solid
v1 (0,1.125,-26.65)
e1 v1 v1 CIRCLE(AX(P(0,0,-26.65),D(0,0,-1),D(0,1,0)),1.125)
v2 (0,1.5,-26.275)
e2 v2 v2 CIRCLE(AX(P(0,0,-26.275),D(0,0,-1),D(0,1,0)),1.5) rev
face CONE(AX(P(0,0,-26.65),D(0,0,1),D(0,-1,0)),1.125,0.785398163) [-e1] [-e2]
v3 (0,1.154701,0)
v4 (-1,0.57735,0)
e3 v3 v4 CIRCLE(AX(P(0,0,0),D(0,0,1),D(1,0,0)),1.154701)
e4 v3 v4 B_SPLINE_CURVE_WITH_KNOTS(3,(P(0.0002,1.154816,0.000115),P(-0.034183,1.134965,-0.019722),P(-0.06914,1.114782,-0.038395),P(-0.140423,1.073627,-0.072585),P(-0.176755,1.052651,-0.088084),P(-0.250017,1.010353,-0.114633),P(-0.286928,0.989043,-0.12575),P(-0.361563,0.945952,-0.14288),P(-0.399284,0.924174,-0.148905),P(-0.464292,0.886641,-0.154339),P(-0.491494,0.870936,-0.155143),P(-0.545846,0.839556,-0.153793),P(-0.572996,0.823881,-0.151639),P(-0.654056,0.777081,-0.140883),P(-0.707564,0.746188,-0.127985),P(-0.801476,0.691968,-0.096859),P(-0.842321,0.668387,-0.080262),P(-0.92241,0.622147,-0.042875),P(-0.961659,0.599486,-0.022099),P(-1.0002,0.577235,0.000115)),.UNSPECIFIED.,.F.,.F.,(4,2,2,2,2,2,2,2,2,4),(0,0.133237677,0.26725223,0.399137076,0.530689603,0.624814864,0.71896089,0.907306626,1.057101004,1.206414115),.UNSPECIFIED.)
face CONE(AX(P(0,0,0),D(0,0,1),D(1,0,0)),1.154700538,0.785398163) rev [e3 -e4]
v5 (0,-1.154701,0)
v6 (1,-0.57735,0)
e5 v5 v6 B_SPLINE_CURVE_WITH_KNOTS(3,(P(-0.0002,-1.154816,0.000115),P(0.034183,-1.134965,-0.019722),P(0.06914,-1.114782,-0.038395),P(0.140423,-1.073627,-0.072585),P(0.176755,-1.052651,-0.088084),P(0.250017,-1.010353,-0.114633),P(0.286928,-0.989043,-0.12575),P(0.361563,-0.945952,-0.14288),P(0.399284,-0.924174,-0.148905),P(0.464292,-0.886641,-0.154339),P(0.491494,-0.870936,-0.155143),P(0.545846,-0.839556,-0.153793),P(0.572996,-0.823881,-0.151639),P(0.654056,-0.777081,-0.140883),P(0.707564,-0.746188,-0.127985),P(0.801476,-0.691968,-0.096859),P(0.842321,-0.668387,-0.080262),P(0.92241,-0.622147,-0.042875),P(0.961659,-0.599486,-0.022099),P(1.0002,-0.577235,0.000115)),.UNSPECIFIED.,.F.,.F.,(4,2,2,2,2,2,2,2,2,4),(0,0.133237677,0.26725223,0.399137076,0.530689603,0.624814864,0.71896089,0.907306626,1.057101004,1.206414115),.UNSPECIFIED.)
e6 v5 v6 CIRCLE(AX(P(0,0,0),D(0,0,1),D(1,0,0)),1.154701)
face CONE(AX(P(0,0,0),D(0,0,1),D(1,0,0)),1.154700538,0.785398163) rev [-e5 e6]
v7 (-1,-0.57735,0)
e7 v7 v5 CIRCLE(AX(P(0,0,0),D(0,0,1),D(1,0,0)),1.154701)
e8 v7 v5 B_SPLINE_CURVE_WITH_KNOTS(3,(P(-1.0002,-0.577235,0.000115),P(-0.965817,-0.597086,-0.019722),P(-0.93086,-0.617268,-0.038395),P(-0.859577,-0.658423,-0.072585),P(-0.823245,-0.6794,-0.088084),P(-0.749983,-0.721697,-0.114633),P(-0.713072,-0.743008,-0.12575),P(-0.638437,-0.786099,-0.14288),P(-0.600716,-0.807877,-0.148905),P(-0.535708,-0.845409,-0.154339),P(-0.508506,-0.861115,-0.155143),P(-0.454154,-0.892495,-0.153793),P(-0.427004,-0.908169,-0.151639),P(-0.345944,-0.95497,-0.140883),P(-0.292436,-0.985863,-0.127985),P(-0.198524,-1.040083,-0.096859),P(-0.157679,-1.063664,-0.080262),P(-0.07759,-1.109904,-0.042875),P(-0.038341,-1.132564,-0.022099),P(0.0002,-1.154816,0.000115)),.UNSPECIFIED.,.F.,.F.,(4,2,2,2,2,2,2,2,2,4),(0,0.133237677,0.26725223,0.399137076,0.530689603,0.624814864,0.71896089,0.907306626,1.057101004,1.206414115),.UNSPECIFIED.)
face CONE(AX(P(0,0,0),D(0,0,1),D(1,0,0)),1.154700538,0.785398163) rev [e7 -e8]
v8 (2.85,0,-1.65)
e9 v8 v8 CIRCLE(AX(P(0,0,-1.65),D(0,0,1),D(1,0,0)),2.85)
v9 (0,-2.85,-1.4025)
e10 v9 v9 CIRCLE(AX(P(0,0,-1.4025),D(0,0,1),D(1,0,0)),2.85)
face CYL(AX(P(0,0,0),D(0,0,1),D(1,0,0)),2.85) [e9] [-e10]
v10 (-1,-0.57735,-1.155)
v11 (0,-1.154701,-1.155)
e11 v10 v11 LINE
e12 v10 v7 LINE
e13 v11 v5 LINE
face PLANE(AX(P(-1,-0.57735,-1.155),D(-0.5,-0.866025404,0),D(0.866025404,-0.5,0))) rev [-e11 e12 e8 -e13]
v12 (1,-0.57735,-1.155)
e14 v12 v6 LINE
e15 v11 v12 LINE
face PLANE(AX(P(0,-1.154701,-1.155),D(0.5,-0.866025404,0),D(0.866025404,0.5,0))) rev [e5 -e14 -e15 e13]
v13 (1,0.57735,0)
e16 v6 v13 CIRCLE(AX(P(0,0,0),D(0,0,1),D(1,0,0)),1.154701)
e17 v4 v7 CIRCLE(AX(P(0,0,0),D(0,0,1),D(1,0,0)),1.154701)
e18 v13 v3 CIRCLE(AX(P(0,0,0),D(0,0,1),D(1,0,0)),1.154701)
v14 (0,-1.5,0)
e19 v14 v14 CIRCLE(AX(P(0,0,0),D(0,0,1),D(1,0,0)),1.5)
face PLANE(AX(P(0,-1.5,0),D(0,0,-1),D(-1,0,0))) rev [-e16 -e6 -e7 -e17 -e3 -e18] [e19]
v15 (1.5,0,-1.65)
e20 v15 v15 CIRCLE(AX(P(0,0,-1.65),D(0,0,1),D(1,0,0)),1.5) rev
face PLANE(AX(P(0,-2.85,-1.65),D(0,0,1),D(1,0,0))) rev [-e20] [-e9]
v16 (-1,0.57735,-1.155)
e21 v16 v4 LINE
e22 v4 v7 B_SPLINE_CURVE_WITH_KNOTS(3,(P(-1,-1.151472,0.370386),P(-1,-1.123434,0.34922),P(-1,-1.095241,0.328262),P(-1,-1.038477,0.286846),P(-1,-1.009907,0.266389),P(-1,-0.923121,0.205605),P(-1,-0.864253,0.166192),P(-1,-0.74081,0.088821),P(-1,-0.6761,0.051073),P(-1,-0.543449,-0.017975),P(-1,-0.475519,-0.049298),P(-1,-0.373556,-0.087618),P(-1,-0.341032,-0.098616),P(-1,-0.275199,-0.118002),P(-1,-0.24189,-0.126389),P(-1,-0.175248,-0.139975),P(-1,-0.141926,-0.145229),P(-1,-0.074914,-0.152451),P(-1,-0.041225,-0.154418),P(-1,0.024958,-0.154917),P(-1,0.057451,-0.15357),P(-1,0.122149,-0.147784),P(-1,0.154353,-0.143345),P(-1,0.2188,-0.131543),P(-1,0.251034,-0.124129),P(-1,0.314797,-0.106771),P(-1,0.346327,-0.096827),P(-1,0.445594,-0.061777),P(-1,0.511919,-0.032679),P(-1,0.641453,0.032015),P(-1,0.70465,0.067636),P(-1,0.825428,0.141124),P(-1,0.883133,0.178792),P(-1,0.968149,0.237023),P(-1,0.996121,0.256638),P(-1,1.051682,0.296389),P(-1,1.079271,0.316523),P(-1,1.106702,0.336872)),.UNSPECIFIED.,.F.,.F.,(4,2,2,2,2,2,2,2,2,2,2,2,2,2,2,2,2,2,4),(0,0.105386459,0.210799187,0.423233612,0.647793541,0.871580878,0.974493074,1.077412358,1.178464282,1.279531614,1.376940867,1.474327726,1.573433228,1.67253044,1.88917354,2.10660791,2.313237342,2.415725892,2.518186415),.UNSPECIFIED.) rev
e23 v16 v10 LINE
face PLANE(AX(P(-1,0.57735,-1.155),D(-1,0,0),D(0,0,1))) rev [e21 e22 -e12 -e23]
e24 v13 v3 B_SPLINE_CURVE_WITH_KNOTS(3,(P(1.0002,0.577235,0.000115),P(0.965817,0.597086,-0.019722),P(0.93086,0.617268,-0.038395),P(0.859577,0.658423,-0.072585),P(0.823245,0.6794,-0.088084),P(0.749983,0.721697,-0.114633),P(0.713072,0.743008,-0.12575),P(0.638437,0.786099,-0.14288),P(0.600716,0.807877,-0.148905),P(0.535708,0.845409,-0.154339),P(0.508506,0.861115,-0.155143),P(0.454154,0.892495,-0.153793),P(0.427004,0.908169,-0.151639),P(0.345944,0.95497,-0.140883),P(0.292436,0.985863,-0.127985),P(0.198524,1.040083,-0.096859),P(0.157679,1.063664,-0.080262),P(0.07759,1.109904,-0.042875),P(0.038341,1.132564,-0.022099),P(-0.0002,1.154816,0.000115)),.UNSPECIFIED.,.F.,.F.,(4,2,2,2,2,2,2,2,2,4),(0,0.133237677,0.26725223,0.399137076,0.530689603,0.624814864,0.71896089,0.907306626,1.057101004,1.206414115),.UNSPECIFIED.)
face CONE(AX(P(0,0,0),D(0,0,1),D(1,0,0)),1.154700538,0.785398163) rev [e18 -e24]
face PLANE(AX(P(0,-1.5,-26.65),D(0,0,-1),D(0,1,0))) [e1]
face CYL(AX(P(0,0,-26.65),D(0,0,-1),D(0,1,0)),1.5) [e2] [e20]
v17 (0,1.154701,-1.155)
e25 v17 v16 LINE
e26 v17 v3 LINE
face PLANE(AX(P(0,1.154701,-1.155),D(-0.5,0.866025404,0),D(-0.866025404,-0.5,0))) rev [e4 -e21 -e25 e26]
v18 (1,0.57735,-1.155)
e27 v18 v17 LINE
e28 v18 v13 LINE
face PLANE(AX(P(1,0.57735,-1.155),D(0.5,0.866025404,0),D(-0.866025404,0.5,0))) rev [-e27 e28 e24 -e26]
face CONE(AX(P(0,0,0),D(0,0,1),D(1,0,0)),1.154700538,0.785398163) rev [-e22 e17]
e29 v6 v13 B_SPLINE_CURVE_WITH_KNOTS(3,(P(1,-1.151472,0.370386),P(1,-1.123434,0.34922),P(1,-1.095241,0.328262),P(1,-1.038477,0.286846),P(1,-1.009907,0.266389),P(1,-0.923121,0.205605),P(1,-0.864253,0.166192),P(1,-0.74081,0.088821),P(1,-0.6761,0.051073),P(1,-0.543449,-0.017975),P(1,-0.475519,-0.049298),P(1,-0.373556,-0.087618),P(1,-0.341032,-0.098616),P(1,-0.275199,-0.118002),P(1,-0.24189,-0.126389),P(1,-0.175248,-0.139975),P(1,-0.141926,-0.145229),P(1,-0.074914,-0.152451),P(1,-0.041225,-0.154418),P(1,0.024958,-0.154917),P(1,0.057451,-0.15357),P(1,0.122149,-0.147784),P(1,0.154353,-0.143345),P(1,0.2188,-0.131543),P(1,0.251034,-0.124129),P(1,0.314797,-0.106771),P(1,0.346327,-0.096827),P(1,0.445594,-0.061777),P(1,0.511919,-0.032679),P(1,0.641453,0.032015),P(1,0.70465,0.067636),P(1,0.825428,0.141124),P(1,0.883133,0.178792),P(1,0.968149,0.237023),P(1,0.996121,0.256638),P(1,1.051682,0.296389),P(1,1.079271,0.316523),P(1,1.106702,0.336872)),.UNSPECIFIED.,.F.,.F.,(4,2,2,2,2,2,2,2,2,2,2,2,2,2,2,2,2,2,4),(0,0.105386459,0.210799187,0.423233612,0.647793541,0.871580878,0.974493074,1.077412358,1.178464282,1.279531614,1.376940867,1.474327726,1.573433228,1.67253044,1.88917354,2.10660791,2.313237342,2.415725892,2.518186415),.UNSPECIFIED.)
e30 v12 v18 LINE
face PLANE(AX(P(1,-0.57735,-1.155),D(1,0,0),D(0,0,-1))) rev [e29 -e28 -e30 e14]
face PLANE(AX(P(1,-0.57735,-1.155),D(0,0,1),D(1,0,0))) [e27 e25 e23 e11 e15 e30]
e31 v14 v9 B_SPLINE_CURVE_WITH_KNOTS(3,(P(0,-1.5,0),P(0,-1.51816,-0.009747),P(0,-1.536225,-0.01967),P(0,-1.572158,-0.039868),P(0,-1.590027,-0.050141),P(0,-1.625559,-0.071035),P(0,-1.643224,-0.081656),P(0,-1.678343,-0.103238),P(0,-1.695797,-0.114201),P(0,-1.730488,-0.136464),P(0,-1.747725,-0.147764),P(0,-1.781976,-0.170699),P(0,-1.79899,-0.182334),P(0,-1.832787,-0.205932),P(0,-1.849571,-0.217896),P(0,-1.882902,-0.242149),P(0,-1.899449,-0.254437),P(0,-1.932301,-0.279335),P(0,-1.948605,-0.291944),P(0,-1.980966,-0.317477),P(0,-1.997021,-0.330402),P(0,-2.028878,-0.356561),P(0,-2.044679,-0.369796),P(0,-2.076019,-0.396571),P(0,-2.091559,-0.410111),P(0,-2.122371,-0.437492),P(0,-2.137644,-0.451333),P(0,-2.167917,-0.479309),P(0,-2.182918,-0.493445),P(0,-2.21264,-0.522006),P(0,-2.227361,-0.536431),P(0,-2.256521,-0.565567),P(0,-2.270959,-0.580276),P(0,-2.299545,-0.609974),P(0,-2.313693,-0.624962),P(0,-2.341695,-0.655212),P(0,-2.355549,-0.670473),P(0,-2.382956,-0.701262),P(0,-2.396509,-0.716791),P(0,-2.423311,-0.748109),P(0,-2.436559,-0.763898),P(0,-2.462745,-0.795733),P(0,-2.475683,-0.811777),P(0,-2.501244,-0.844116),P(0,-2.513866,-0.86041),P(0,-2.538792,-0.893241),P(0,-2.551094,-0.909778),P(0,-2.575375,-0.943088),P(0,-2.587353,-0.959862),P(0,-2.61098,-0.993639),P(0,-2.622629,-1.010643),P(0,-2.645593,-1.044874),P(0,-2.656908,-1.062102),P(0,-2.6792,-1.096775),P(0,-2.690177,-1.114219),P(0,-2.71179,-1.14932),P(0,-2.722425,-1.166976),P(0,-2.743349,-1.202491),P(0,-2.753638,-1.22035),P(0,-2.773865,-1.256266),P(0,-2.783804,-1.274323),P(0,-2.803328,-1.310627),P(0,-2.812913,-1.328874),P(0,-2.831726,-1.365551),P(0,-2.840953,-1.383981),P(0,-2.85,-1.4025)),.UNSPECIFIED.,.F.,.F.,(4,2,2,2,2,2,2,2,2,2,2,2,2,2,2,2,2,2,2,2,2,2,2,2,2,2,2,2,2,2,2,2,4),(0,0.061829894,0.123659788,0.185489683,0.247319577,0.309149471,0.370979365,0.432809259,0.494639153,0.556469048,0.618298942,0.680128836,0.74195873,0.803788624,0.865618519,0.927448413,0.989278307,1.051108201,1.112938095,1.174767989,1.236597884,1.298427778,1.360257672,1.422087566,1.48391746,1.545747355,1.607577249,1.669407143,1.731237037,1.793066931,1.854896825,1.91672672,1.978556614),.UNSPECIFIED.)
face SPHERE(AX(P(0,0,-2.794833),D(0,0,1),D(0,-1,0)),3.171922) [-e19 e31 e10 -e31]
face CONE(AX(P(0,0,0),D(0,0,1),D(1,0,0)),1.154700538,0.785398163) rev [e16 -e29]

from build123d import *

# Parameters (mm, degrees)
SKETCH1_W          = 25
SKETCH1_H          = 1.5
CHAMFER1_SIZE      = 0.375
CUT_EXTRUDE2_DEPTH = 1.155


with BuildPart() as part:
    # Sketch1 → Revolve1 (revolve)
    with BuildSketch(Plane(origin=(0, 0, 0), x_dir=(0, 0, -1), z_dir=(1, 0, 0))):
        with Locations((14.15, 0.75)):
            Rectangle(SKETCH1_W, SKETCH1_H)
    revolve(axis=Axis((0, 0, -26.65), (0, 0, 1)))

    # Chamfer1
    chamfer1_edges = [part.edges().sort_by_distance(p)[0] for p in [
        (0, -1.5, -26.65),
    ]]
    chamfer(chamfer1_edges, length=CHAMFER1_SIZE)

    # Sketch7 → Revolve2 (revolve)
    with BuildSketch(Plane(origin=(0, 0, 0), x_dir=(0, 0, -1), z_dir=(1, 0, 0))):
        with BuildLine():
            Line((1.4025, 2.85), (1.65, 2.85))
            Line((1.65, 2.85), (1.65, 0))
            Line((1.65, 0), (0, 0))
            Line((0, 0), (0, 1.5))
            ThreePointArc((0, 1.5), (0.59512511, 2.285251969), (1.4025, 2.85))
        make_face()
    revolve(axis=Axis((0, 0, 0), (0, 0, -1)))

    # Sketch5 → Cut-Extrude2 (cut)
    with BuildSketch(Plane.XY):
        Polygon((1, -0.577350269), (1, 0.577350269), (0, 1.154700538), (-1, 0.577350269), (-1, -0.577350269), (0, -1.154700538), align=None)
    extrude(amount=-CUT_EXTRUDE2_DEPTH, mode=Mode.SUBTRACT)

    # Cut-Extrude3 cone 1 section (through the dimple's axis) → Cut-Extrude3 (revolve, cut)
    with BuildSketch(Plane(origin=(0, 0, 0), x_dir=(0, -1, 0), z_dir=(1, 0, 0))):
        Polygon((0, 0), (1.154700538, 0), (0, 1.154700538), align=None)
    revolve(axis=Axis((0, 0, 0), (0, 0, -1)), mode=Mode.SUBTRACT)


solid = part.part
